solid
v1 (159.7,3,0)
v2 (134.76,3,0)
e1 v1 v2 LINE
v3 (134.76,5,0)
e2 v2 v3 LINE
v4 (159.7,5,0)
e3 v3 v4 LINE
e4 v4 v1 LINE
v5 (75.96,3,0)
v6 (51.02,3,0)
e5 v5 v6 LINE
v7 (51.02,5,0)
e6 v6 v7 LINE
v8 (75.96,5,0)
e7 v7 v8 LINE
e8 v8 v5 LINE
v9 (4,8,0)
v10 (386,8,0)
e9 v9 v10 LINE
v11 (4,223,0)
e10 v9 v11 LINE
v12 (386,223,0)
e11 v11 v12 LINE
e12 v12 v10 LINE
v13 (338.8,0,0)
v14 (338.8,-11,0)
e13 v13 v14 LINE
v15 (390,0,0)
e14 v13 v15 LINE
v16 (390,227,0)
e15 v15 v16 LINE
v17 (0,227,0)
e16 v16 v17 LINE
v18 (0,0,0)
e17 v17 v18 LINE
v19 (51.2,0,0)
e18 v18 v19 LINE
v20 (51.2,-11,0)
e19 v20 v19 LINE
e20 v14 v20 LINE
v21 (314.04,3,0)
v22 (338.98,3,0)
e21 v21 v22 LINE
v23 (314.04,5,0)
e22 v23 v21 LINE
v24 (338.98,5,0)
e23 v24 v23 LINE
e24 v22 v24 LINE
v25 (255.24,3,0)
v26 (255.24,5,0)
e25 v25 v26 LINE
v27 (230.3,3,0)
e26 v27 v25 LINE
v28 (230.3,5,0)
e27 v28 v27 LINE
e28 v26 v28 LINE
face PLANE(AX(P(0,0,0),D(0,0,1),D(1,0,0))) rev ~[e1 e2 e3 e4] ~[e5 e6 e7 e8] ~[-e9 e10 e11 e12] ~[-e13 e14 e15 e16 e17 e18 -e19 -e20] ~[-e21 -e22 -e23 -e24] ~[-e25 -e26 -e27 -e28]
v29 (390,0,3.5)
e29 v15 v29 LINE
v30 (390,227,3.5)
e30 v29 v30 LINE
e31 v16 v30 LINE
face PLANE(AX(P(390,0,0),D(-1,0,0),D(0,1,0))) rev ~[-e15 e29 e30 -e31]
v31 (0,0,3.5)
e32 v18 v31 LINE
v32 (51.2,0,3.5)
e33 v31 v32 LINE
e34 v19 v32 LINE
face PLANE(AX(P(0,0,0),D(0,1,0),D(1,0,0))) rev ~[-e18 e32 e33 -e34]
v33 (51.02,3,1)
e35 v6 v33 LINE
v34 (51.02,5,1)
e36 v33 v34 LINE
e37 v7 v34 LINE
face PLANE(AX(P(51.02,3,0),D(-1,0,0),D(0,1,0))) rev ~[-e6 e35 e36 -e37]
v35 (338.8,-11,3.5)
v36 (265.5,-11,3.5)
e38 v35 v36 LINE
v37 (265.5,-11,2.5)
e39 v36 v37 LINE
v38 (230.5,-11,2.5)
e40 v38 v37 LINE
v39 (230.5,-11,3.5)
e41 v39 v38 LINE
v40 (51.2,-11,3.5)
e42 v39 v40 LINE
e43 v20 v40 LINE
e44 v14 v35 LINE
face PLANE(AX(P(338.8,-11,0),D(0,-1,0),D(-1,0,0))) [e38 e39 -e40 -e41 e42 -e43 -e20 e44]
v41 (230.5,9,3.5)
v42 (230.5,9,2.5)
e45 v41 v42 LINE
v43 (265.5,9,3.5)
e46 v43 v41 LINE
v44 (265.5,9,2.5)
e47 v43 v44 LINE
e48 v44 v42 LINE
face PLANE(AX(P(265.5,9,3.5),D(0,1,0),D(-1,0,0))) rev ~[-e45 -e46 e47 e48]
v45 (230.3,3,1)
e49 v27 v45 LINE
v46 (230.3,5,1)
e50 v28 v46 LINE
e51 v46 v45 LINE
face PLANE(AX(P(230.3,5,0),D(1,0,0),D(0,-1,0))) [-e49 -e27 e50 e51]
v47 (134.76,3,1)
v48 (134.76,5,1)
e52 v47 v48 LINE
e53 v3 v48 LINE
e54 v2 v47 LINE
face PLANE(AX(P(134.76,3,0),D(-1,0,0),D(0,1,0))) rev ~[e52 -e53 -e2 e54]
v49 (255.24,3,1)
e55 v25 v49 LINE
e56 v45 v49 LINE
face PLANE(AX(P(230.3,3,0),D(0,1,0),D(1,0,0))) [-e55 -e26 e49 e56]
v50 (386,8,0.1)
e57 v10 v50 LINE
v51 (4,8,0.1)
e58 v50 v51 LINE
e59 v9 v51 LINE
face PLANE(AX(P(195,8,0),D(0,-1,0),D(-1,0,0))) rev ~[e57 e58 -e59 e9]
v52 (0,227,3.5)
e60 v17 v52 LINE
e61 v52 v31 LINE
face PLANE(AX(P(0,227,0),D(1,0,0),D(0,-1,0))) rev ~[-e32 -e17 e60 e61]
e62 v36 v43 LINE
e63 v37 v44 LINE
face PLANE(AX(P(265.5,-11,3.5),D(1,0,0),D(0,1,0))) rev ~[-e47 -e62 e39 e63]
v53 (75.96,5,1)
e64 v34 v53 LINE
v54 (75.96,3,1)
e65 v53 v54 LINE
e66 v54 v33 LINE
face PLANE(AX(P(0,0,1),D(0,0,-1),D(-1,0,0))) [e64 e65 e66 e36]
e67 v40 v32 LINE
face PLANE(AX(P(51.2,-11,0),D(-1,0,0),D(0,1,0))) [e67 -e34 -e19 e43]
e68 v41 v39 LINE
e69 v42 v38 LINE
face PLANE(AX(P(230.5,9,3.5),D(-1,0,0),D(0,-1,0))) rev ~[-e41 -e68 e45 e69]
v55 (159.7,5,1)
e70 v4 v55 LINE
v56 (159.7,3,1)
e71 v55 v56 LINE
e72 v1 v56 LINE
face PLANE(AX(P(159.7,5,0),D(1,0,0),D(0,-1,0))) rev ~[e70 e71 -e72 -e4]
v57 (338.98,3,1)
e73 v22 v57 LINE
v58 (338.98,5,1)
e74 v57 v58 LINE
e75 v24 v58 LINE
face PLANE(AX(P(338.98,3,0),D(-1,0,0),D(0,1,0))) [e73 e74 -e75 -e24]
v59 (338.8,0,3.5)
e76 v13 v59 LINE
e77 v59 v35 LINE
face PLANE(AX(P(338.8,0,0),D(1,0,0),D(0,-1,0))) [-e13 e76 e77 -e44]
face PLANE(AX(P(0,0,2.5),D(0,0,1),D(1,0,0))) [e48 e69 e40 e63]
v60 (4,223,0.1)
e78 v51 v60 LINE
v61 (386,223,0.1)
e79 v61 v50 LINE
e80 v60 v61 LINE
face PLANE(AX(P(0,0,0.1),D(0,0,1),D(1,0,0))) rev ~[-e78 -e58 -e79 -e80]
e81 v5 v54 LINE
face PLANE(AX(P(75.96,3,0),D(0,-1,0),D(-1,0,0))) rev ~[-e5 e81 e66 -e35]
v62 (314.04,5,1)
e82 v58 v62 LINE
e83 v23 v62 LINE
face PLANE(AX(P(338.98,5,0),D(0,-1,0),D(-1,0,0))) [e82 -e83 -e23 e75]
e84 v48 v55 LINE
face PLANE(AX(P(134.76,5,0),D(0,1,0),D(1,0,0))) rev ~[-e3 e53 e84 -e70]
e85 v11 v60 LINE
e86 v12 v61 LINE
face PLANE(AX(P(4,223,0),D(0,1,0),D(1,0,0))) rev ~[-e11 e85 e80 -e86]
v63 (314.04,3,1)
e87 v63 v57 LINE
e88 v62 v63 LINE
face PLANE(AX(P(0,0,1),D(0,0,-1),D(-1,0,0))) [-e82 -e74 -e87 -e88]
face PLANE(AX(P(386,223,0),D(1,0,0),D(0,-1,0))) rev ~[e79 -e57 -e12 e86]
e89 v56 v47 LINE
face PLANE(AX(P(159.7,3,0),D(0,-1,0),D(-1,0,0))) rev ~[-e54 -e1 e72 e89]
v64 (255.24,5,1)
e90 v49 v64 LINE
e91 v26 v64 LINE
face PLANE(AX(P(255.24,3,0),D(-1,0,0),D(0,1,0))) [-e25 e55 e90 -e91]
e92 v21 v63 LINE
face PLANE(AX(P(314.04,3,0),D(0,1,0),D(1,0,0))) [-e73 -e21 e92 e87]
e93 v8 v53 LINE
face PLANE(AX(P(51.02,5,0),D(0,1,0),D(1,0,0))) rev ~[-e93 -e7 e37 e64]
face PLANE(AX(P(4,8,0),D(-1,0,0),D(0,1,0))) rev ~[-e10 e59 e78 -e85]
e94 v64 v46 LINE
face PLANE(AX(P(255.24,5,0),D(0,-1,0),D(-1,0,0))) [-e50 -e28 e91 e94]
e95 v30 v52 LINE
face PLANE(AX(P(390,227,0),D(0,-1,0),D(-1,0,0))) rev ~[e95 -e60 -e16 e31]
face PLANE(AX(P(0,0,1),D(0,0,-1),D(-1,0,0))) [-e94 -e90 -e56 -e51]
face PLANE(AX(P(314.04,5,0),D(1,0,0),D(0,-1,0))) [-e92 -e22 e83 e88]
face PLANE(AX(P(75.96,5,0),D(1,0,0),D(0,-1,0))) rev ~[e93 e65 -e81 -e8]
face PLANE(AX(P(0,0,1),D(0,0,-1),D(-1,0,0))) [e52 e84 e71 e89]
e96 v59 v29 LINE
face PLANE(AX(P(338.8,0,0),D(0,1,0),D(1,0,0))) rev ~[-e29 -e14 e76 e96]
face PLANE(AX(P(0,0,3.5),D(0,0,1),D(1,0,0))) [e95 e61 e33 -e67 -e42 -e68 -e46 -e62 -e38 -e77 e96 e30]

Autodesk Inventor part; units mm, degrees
ref_plane "YZ Plane" through (0, 0, 0) normal (1, 0, 0) x (0, 1, 0)
ref_plane "XZ Plane" through (0, 0, 0) normal (0, 1, 0) x (-1, 0, 0)
ref_plane "XY Plane" through (0, 0, 0) normal (0, 0, 1) x (1, 0, 0)
sketch "Эскиз1" plane through (0, 0, 0) normal (0, 0, 1) x (1, 0, 0)
  line L0 (0, 0) -> (390, 0)
  line L1 (390, 0) -> (390, 227)
  line L2 (390, 227) -> (0, 227)
  line L3 (0, 227) -> (0, 0)
  line L4 (4, 223) -> (386, 223)
  line L5 (386, 223) -> (386, 8)
  line L6 (386, 8) -> (4, 8)
  line L7 (4, 8) -> (4, 223)
  line L8 (51.2, 0) -> (338.8, 0)
  line L9 (338.8, 0) -> (338.8, -11)
  line L10 (338.8, -11) -> (51.2, -11)
  line L11 (51.2, -11) -> (51.2, 0)
  line L12 (195, 8) -> (195, 37.2602)
  point P0 (195, 223)
  point P1 (195, 227)
  point P2 (195, -11)
  dimension "d0" = 390
  dimension "d1" = 227
  dimension "d2" = 382
  dimension "d3" = 215
  dimension "d4" = 4
  dimension "d5" = 8
  dimension "d6" = 4
  dimension "d7" = 238
  dimension "d9" = 287.6
extrude "Выдавливание1" add sketch "Эскиз1" along normal blind 3.5
sketch "Эскиз2" plane through (0, 0, 3.5) normal (0, 0, 1) x (1, 0, 0)
  line L0 (0, 0) -> (51.2, 0) projected
  line L1 (51.2, 0) -> (51.2, -11) projected
  line L2 (51.2, -11) -> (338.8, -11) projected
  line L3 (338.8, -11) -> (338.8, 0) projected
  line L4 (338.8, 0) -> (390, 0) projected
  line L5 (390, 0) -> (390, 227) projected
  line L6 (390, 227) -> (0, 227) projected
  line L7 (0, 227) -> (0, 0) projected
  line L8 (386, 223) -> (386, 8) projected
  line L9 (386, 8) -> (4, 8) projected
  line L10 (4, 8) -> (4, 223) projected
  line L11 (4, 223) -> (386, 223) projected
extrude "Выдавливание2" add sketch "Эскиз2" against normal blind 3.4 contours L8 L9 L10 L11
sketch "Эскиз3" plane through (0, 0, 0) normal (0, 0, -1) x (-1, 0, 0)
  line L0 (0, 0) -> (-51.2, 0) projected
  line L1 (0, 227) -> (0, 0) projected
  line L2 (-390, 227) -> (0, 227) projected
  line L3 (-390, 0) -> (-390, 227) projected
  line L4 (-338.8, 0) -> (-390, 0) projected
  line L5 (-338.8, -11) -> (-338.8, 0) projected
  line L6 (-51.2, -11) -> (-338.8, -11) projected
  line L7 (-51.2, 0) -> (-51.2, -11) projected
  line L8 (-386, 223) -> (-386, 8) projected
  line L9 (-4, 223) -> (-386, 223) projected
  line L10 (-4, 8) -> (-4, 223) projected
  line L11 (-386, 8) -> (-4, 8) projected
  line L12 (-195, -11) -> (-195, 1.1845)
  line L13 (-255.24, 5) -> (-230.3, 5)
  line L14 (-230.3, 5) -> (-230.3, 3)
  line L15 (-230.3, 3) -> (-255.24, 3)
  line L16 (-255.24, 3) -> (-255.24, 5)
  line L17 (-338.98, 5) -> (-314.04, 5)
  line L18 (-314.04, 5) -> (-314.04, 3)
  line L19 (-314.04, 3) -> (-338.98, 3)
  line L20 (-338.98, 3) -> (-338.98, 5)
  line L21 (-134.76, 5) -> (-159.7, 5)
  line L22 (-159.7, 5) -> (-159.7, 3)
  line L23 (-159.7, 3) -> (-134.76, 3)
  line L24 (-134.76, 3) -> (-134.76, 5)
  line L25 (-51.02, 5) -> (-75.96, 5)
  line L26 (-75.96, 5) -> (-75.96, 3)
  line L27 (-75.96, 3) -> (-51.02, 3)
  line L28 (-51.02, 3) -> (-51.02, 5)
  point P0 (-314.04, 4)
  point P1 (-255.24, 4)
  point P2 (-75.96, 4)
  point P3 (-134.76, 4)
  dimension "d14" = 24.94
  dimension "d15" = 35.3
  dimension "d16" = 3
  dimension "d17" = 2
  dimension "d18" = 2
  dimension "d19" = 24.94
  dimension "d20" = 58.8
extrude "Выдавливание3" cut sketch "Эскиз3" against normal blind 1 contours L13 L14 L15 L16 | L17 L18 L19 L20 | L24 L23 L22 L21 | L28 L27 L26 L25
sketch "Эскиз5" plane through (0, 0, 3.5) normal (0, 0, 1) x (1, 0, 0)
  line L0 (0, 0) -> (51.2, 0) projected
  line L1 (51.2, 0) -> (51.2, -11) projected
  line L2 (51.2, -11) -> (338.8, -11) projected
  line L3 (338.8, -11) -> (338.8, 0) projected
  line L4 (338.8, 0) -> (390, 0) projected
  line L5 (390, 0) -> (390, 227) projected
  line L6 (390, 227) -> (0, 227) projected
  line L7 (0, 227) -> (0, 0) projected
  line L8 (230.5, -11) -> (265.5, -11)
  line L9 (265.5, -11) -> (265.5, 9)
  line L10 (265.5, 9) -> (230.5, 9)
  line L11 (230.5, 9) -> (230.5, -11)
  dimension "d23" = 124.5
  dimension "d24" = 20
  dimension "d25" = 35
extrude "Выдавливание4" cut sketch "Эскиз5" against normal blind 1 contours L11 L10 L9 L2
equation "\"d19\" = d14"
properties part number "NV173FHM-N4G V8.0"
